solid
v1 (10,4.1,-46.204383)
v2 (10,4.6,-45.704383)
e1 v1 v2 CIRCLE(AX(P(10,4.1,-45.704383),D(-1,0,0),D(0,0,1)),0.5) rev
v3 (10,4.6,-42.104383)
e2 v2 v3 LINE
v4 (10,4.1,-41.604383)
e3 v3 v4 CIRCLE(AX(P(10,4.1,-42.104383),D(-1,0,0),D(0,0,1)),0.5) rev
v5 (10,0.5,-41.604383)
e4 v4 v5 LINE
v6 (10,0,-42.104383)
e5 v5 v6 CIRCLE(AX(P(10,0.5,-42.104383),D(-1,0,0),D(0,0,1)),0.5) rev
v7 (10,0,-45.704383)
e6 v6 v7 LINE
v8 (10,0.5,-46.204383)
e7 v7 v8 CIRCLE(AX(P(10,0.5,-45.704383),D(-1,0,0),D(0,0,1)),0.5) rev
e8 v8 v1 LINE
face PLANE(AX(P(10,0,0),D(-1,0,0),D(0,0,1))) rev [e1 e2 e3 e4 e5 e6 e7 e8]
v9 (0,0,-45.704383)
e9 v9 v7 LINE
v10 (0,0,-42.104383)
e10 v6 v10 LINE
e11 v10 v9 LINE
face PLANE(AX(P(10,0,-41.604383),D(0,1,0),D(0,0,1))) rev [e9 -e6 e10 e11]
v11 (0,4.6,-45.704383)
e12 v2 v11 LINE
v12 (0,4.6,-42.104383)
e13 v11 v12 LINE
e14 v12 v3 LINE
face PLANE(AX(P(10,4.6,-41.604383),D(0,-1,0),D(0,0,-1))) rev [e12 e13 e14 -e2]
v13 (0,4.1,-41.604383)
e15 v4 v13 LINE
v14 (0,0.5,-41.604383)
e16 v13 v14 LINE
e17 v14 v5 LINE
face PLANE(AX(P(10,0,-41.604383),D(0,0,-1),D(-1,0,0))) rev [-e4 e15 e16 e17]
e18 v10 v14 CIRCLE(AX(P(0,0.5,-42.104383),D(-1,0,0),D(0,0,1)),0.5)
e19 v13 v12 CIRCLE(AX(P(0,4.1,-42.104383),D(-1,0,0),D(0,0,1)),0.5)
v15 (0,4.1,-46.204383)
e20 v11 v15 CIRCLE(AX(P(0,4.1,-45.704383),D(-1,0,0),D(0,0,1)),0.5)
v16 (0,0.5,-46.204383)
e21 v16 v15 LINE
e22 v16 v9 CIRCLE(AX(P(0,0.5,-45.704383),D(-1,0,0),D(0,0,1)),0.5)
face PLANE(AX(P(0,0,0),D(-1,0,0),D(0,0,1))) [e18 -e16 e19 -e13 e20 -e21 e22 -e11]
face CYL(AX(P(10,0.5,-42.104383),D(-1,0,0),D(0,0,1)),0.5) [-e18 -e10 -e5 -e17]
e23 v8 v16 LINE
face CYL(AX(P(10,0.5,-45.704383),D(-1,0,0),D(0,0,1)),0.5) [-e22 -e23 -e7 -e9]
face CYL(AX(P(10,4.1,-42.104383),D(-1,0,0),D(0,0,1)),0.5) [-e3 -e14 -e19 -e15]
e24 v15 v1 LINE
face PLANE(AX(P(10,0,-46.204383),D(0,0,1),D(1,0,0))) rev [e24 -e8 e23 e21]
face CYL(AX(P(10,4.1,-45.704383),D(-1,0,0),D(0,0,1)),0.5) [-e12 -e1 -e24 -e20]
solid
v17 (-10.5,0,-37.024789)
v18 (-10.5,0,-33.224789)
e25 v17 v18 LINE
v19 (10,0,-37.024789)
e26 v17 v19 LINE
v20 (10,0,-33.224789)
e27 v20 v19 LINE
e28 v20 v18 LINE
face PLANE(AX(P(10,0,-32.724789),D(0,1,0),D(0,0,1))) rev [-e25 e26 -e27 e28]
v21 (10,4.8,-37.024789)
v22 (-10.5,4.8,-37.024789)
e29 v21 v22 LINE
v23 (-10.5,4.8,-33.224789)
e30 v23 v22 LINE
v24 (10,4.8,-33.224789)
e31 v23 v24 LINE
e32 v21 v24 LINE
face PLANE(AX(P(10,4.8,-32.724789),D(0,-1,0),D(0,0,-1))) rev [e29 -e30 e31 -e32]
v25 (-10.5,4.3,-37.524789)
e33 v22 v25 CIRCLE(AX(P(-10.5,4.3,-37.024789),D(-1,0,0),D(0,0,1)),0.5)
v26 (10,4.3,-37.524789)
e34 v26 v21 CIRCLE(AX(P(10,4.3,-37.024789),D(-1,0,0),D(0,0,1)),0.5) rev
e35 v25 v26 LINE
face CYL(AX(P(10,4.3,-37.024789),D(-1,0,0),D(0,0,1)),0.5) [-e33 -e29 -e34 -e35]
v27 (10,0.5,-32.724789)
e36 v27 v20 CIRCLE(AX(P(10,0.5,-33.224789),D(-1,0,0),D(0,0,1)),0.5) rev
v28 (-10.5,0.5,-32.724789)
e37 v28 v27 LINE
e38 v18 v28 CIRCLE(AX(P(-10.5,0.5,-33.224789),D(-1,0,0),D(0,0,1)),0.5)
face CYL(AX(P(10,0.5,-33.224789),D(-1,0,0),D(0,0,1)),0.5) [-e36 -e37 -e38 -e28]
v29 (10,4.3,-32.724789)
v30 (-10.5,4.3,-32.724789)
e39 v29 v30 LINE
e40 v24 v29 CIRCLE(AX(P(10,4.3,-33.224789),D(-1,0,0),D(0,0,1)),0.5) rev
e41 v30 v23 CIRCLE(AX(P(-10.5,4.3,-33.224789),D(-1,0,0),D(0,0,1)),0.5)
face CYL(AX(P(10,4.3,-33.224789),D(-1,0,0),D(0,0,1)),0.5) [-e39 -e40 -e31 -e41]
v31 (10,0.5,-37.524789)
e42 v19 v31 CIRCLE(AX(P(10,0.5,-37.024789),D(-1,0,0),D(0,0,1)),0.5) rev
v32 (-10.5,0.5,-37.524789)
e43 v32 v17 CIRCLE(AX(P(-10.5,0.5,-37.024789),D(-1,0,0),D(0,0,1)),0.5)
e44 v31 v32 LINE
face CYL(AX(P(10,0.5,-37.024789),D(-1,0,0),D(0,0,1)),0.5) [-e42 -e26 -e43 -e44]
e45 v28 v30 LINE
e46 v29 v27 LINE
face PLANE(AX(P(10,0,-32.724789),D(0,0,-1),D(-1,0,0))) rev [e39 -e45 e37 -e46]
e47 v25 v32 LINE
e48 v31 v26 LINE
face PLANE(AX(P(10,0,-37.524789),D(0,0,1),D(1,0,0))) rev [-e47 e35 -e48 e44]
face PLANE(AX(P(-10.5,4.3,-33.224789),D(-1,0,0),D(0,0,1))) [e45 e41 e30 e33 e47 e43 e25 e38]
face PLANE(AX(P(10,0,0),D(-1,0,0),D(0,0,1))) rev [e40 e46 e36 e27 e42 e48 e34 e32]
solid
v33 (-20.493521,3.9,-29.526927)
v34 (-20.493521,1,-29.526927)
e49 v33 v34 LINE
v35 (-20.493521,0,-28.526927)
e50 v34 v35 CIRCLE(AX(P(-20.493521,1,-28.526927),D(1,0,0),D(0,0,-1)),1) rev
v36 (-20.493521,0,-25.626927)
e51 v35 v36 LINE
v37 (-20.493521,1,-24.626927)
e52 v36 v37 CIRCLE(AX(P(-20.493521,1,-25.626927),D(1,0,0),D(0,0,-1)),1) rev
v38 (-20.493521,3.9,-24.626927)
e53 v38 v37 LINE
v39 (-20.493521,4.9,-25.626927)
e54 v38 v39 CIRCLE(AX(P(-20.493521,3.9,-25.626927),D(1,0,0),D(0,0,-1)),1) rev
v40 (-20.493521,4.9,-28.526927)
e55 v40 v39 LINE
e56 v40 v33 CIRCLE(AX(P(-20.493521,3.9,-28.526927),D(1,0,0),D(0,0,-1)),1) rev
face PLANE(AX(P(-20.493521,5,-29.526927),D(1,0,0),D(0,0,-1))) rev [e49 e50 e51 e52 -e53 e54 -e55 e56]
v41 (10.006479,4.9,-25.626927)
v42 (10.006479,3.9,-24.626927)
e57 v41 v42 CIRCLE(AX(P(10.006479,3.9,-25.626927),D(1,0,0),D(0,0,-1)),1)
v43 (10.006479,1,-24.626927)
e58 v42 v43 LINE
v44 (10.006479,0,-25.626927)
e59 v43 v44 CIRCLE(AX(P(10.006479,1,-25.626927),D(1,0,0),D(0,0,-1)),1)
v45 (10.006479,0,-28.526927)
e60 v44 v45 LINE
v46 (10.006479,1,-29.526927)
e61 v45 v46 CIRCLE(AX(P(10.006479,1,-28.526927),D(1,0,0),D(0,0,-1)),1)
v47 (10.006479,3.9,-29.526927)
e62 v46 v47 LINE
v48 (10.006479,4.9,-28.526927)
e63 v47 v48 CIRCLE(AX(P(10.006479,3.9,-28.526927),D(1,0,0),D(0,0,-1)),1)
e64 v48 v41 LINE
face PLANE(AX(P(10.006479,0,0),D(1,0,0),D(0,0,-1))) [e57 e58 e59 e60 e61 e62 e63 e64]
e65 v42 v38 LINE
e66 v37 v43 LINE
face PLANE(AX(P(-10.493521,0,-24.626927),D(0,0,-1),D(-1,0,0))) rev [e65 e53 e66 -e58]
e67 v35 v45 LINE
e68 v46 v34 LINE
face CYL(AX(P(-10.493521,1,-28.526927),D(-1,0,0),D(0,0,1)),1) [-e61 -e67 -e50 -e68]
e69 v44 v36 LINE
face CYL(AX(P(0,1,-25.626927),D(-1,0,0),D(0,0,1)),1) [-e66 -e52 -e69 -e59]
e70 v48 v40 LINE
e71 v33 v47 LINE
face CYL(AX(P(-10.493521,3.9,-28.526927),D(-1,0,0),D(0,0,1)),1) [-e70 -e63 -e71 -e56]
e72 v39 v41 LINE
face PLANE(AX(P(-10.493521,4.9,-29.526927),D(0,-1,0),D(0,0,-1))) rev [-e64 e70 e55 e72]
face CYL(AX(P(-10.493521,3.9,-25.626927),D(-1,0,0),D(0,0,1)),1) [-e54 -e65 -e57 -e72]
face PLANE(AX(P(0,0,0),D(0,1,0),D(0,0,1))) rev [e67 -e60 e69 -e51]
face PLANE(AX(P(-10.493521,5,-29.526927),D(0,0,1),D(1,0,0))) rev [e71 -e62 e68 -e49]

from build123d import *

# Parameters (mm, degrees)
SKETCH_1_R          = 4.9
SKETCH_1_W          = 5
SKETCH_1_H          = 5
EXTRUDE_1_DEPTH     = 5
SKETCH_2_W          = 10
SKETCH_2_H          = 5
EXTRUDE_2_DEPTH     = 5
SKETCH_3_R          = 5.914940822
CUT_EXTRUDE_1_DEPTH = 10
CUT_EXTRUDE_2_DEPTH = 10
SKETCH_5_W          = 4.8
SKETCH_5_H          = 4.8
EXTRUDE_3_DEPTH     = 10
SKETCH_5_W_2        = 4.6
SKETCH_5_H_2        = 4.6
EXTRUDE_3_2_DEPTH   = 10
SKETCH_5_W_3        = 4.5
SKETCH_5_H_3        = 4.5
EXTRUDE_3_3_DEPTH   = 10
FILLET_1_R          = 0.5
FILLET_2_R          = 0.5
FILLET_3_R          = 0.5
FILLET_4_R          = 0.5
SKETCH_6_W          = 4.9
SKETCH_6_H          = 4.9
EXTRUDE_4_DEPTH     = 20.5
FILLET_5_R          = 1
EXTRUDE_5_DEPTH     = 10.5
SKETCH_9_R          = 3.402598628
CUT_EXTRUDE_3_DEPTH = 10.5


with BuildPart() as part:
    # 草图1 → 凸台-拉伸1 (new body)
    with BuildSketch(Plane(origin=(0, 0, 0), x_dir=(1, 0, 0), z_dir=(0, 1, 0))):
        with Locations((-9.777161154, 17.932244479)):
            Circle(SKETCH_1_R)
        with Locations((-9.777161154, 17.932244479)):
            Rectangle(SKETCH_1_W, SKETCH_1_H, mode=Mode.SUBTRACT)
    extrude(amount=EXTRUDE_1_DEPTH)

    # 草图3 → 切除-拉伸1 (cut)
    with BuildSketch(Plane(origin=(0, 5, 0), x_dir=(1, 0, 0), z_dir=(0, 1, 0))):
        with Locations((-9.777161154, 17.932244479)):
            Circle(SKETCH_3_R)
    extrude(amount=-CUT_EXTRUDE_1_DEPTH, mode=Mode.SUBTRACT)


with BuildPart() as body_2:
    # 草图2 → 凸台-拉伸2 (new body)
    with BuildSketch(Plane(origin=(0, 0, 0), x_dir=(1, 0, 0), z_dir=(0, 1, 0))):
        with Locations((-15.49352073, 27.026927295)):
            Rectangle(SKETCH_2_W, SKETCH_2_H)
    extrude(amount=EXTRUDE_2_DEPTH)

    # 草图4 → 切除-拉伸2 (cut)
    with BuildSketch(Plane.ZY.offset(20.49352073)):
        Polygon((-29.526927295, 4.9), (-29.526927295, 5), (-24.526927295, 5), (-24.526927295, 0), (-24.626927295, 0), (-24.626927295, 4.9), align=None)
    extrude(amount=-CUT_EXTRUDE_2_DEPTH, mode=Mode.SUBTRACT)

    # 圆角1
    fillet_1_edges = [body_2.edges().sort_by_distance(p)[0] for p in [
        (-15.49352073, 0, -24.626927295),
        (-15.49352073, 4.9, -24.626927295),
        (-15.49352073, 4.9, -29.526927295),
        (-15.49352073, 0, -29.526927295),
    ]]
    fillet(fillet_1_edges, radius=FILLET_1_R)

    # 草图6 → 凸台-拉伸4 (add)
    with BuildSketch(Plane(origin=(-10.49352073, 0, 0), x_dir=(0, 0, -1), z_dir=(1, 0, 0))):
        with Locations((27.076927295, 2.45)):
            Rectangle(SKETCH_6_W, SKETCH_6_H)
    extrude(amount=EXTRUDE_4_DEPTH)

    # 圆角5
    fillet_5_edges = [body_2.edges().sort_by_distance(p)[0] for p in [
        (-0.24352073, 0, -24.626927295),
        (-0.24352073, 0, -29.526927295),
        (-0.24352073, 4.9, -29.526927295),
        (-0.24352073, 4.9, -24.626927295),
    ]]
    fillet(fillet_5_edges, radius=FILLET_5_R)


with BuildPart() as body_2_2:
    # 草图5 → 凸台-拉伸3 (new body)
    with BuildSketch(Plane(origin=(0, 0, 0), x_dir=(0, 0, -1), z_dir=(1, 0, 0))):
        with Locations((35.124788923, 2.4)):
            Rectangle(SKETCH_5_W, SKETCH_5_H)
    extrude(amount=EXTRUDE_3_DEPTH)

    # 圆角2
    fillet_2_edges = [body_2_2.edges().sort_by_distance(p)[0] for p in [
        (5, 4.8, -32.724788923),
        (5, 4.8, -37.524788923),
        (5, 0, -37.524788923),
        (5, 0, -32.724788923),
    ]]
    fillet(fillet_2_edges, radius=FILLET_2_R)

    # 草图8 → 凸台-拉伸5 (add)
    with BuildSketch(Plane.ZY):
        with BuildLine():
            Line((-33.224788923, 4.8), (-37.024788923, 4.8))
            ThreePointArc((-37.024788923, 4.8), (-37.378342314, 4.653553391), (-37.524788923, 4.3))
            Line((-37.524788923, 4.3), (-37.524788923, 0.5))
            ThreePointArc((-37.524788923, 0.5), (-37.378342314, 0.146446609), (-37.024788923, 0))
            Line((-37.024788923, 0), (-33.224788923, 0))
            ThreePointArc((-33.224788923, 0), (-32.871235532, 0.146446609), (-32.724788923, 0.5))
            Line((-32.724788923, 0.5), (-32.724788923, 4.3))
            ThreePointArc((-32.724788923, 4.3), (-32.871235532, 4.653553391), (-33.224788923, 4.8))
        make_face()
    extrude(amount=EXTRUDE_5_DEPTH)


with BuildPart() as body_3:
    # 草图5 → Extrude 3 2 (new body)
    with BuildSketch(Plane(origin=(0, 0, 0), x_dir=(0, 0, -1), z_dir=(1, 0, 0))):
        with Locations((43.904383403, 2.3)):
            Rectangle(SKETCH_5_W_2, SKETCH_5_H_2)
    extrude(amount=EXTRUDE_3_2_DEPTH)

    # 圆角3
    fillet_3_edges = [body_3.edges().sort_by_distance(p)[0] for p in [
        (5, 4.6, -41.604383403),
        (5, 4.6, -46.204383403),
        (5, 0, -46.204383403),
        (5, 0, -41.604383403),
    ]]
    fillet(fillet_3_edges, radius=FILLET_3_R)


with BuildPart() as body_4:
    # 草图5 → Extrude 3 3 (new body)
    with BuildSketch(Plane(origin=(0, 0, 0), x_dir=(0, 0, -1), z_dir=(1, 0, 0))):
        with Locations((50.920405069, 2.25)):
            Rectangle(SKETCH_5_W_3, SKETCH_5_H_3)
    extrude(amount=EXTRUDE_3_3_DEPTH)

    # 圆角4
    fillet_4_edges = [body_4.edges().sort_by_distance(p)[0] for p in [
        (5, 4.5, -48.670405069),
        (5, 4.5, -53.170405069),
        (5, 0, -53.170405069),
        (5, 0, -48.670405069),
    ]]
    fillet(fillet_4_edges, radius=FILLET_4_R)

    # 草图9 → 切除-拉伸3 (cut)
    with BuildSketch(Plane.ZY):
        with Locations((-50.9868081, 2.355561391)):
            Circle(SKETCH_9_R)
    extrude(amount=-CUT_EXTRUDE_3_DEPTH, mode=Mode.SUBTRACT)


solid = Compound([body_2.part, body_2_2.part, body_3.part])
